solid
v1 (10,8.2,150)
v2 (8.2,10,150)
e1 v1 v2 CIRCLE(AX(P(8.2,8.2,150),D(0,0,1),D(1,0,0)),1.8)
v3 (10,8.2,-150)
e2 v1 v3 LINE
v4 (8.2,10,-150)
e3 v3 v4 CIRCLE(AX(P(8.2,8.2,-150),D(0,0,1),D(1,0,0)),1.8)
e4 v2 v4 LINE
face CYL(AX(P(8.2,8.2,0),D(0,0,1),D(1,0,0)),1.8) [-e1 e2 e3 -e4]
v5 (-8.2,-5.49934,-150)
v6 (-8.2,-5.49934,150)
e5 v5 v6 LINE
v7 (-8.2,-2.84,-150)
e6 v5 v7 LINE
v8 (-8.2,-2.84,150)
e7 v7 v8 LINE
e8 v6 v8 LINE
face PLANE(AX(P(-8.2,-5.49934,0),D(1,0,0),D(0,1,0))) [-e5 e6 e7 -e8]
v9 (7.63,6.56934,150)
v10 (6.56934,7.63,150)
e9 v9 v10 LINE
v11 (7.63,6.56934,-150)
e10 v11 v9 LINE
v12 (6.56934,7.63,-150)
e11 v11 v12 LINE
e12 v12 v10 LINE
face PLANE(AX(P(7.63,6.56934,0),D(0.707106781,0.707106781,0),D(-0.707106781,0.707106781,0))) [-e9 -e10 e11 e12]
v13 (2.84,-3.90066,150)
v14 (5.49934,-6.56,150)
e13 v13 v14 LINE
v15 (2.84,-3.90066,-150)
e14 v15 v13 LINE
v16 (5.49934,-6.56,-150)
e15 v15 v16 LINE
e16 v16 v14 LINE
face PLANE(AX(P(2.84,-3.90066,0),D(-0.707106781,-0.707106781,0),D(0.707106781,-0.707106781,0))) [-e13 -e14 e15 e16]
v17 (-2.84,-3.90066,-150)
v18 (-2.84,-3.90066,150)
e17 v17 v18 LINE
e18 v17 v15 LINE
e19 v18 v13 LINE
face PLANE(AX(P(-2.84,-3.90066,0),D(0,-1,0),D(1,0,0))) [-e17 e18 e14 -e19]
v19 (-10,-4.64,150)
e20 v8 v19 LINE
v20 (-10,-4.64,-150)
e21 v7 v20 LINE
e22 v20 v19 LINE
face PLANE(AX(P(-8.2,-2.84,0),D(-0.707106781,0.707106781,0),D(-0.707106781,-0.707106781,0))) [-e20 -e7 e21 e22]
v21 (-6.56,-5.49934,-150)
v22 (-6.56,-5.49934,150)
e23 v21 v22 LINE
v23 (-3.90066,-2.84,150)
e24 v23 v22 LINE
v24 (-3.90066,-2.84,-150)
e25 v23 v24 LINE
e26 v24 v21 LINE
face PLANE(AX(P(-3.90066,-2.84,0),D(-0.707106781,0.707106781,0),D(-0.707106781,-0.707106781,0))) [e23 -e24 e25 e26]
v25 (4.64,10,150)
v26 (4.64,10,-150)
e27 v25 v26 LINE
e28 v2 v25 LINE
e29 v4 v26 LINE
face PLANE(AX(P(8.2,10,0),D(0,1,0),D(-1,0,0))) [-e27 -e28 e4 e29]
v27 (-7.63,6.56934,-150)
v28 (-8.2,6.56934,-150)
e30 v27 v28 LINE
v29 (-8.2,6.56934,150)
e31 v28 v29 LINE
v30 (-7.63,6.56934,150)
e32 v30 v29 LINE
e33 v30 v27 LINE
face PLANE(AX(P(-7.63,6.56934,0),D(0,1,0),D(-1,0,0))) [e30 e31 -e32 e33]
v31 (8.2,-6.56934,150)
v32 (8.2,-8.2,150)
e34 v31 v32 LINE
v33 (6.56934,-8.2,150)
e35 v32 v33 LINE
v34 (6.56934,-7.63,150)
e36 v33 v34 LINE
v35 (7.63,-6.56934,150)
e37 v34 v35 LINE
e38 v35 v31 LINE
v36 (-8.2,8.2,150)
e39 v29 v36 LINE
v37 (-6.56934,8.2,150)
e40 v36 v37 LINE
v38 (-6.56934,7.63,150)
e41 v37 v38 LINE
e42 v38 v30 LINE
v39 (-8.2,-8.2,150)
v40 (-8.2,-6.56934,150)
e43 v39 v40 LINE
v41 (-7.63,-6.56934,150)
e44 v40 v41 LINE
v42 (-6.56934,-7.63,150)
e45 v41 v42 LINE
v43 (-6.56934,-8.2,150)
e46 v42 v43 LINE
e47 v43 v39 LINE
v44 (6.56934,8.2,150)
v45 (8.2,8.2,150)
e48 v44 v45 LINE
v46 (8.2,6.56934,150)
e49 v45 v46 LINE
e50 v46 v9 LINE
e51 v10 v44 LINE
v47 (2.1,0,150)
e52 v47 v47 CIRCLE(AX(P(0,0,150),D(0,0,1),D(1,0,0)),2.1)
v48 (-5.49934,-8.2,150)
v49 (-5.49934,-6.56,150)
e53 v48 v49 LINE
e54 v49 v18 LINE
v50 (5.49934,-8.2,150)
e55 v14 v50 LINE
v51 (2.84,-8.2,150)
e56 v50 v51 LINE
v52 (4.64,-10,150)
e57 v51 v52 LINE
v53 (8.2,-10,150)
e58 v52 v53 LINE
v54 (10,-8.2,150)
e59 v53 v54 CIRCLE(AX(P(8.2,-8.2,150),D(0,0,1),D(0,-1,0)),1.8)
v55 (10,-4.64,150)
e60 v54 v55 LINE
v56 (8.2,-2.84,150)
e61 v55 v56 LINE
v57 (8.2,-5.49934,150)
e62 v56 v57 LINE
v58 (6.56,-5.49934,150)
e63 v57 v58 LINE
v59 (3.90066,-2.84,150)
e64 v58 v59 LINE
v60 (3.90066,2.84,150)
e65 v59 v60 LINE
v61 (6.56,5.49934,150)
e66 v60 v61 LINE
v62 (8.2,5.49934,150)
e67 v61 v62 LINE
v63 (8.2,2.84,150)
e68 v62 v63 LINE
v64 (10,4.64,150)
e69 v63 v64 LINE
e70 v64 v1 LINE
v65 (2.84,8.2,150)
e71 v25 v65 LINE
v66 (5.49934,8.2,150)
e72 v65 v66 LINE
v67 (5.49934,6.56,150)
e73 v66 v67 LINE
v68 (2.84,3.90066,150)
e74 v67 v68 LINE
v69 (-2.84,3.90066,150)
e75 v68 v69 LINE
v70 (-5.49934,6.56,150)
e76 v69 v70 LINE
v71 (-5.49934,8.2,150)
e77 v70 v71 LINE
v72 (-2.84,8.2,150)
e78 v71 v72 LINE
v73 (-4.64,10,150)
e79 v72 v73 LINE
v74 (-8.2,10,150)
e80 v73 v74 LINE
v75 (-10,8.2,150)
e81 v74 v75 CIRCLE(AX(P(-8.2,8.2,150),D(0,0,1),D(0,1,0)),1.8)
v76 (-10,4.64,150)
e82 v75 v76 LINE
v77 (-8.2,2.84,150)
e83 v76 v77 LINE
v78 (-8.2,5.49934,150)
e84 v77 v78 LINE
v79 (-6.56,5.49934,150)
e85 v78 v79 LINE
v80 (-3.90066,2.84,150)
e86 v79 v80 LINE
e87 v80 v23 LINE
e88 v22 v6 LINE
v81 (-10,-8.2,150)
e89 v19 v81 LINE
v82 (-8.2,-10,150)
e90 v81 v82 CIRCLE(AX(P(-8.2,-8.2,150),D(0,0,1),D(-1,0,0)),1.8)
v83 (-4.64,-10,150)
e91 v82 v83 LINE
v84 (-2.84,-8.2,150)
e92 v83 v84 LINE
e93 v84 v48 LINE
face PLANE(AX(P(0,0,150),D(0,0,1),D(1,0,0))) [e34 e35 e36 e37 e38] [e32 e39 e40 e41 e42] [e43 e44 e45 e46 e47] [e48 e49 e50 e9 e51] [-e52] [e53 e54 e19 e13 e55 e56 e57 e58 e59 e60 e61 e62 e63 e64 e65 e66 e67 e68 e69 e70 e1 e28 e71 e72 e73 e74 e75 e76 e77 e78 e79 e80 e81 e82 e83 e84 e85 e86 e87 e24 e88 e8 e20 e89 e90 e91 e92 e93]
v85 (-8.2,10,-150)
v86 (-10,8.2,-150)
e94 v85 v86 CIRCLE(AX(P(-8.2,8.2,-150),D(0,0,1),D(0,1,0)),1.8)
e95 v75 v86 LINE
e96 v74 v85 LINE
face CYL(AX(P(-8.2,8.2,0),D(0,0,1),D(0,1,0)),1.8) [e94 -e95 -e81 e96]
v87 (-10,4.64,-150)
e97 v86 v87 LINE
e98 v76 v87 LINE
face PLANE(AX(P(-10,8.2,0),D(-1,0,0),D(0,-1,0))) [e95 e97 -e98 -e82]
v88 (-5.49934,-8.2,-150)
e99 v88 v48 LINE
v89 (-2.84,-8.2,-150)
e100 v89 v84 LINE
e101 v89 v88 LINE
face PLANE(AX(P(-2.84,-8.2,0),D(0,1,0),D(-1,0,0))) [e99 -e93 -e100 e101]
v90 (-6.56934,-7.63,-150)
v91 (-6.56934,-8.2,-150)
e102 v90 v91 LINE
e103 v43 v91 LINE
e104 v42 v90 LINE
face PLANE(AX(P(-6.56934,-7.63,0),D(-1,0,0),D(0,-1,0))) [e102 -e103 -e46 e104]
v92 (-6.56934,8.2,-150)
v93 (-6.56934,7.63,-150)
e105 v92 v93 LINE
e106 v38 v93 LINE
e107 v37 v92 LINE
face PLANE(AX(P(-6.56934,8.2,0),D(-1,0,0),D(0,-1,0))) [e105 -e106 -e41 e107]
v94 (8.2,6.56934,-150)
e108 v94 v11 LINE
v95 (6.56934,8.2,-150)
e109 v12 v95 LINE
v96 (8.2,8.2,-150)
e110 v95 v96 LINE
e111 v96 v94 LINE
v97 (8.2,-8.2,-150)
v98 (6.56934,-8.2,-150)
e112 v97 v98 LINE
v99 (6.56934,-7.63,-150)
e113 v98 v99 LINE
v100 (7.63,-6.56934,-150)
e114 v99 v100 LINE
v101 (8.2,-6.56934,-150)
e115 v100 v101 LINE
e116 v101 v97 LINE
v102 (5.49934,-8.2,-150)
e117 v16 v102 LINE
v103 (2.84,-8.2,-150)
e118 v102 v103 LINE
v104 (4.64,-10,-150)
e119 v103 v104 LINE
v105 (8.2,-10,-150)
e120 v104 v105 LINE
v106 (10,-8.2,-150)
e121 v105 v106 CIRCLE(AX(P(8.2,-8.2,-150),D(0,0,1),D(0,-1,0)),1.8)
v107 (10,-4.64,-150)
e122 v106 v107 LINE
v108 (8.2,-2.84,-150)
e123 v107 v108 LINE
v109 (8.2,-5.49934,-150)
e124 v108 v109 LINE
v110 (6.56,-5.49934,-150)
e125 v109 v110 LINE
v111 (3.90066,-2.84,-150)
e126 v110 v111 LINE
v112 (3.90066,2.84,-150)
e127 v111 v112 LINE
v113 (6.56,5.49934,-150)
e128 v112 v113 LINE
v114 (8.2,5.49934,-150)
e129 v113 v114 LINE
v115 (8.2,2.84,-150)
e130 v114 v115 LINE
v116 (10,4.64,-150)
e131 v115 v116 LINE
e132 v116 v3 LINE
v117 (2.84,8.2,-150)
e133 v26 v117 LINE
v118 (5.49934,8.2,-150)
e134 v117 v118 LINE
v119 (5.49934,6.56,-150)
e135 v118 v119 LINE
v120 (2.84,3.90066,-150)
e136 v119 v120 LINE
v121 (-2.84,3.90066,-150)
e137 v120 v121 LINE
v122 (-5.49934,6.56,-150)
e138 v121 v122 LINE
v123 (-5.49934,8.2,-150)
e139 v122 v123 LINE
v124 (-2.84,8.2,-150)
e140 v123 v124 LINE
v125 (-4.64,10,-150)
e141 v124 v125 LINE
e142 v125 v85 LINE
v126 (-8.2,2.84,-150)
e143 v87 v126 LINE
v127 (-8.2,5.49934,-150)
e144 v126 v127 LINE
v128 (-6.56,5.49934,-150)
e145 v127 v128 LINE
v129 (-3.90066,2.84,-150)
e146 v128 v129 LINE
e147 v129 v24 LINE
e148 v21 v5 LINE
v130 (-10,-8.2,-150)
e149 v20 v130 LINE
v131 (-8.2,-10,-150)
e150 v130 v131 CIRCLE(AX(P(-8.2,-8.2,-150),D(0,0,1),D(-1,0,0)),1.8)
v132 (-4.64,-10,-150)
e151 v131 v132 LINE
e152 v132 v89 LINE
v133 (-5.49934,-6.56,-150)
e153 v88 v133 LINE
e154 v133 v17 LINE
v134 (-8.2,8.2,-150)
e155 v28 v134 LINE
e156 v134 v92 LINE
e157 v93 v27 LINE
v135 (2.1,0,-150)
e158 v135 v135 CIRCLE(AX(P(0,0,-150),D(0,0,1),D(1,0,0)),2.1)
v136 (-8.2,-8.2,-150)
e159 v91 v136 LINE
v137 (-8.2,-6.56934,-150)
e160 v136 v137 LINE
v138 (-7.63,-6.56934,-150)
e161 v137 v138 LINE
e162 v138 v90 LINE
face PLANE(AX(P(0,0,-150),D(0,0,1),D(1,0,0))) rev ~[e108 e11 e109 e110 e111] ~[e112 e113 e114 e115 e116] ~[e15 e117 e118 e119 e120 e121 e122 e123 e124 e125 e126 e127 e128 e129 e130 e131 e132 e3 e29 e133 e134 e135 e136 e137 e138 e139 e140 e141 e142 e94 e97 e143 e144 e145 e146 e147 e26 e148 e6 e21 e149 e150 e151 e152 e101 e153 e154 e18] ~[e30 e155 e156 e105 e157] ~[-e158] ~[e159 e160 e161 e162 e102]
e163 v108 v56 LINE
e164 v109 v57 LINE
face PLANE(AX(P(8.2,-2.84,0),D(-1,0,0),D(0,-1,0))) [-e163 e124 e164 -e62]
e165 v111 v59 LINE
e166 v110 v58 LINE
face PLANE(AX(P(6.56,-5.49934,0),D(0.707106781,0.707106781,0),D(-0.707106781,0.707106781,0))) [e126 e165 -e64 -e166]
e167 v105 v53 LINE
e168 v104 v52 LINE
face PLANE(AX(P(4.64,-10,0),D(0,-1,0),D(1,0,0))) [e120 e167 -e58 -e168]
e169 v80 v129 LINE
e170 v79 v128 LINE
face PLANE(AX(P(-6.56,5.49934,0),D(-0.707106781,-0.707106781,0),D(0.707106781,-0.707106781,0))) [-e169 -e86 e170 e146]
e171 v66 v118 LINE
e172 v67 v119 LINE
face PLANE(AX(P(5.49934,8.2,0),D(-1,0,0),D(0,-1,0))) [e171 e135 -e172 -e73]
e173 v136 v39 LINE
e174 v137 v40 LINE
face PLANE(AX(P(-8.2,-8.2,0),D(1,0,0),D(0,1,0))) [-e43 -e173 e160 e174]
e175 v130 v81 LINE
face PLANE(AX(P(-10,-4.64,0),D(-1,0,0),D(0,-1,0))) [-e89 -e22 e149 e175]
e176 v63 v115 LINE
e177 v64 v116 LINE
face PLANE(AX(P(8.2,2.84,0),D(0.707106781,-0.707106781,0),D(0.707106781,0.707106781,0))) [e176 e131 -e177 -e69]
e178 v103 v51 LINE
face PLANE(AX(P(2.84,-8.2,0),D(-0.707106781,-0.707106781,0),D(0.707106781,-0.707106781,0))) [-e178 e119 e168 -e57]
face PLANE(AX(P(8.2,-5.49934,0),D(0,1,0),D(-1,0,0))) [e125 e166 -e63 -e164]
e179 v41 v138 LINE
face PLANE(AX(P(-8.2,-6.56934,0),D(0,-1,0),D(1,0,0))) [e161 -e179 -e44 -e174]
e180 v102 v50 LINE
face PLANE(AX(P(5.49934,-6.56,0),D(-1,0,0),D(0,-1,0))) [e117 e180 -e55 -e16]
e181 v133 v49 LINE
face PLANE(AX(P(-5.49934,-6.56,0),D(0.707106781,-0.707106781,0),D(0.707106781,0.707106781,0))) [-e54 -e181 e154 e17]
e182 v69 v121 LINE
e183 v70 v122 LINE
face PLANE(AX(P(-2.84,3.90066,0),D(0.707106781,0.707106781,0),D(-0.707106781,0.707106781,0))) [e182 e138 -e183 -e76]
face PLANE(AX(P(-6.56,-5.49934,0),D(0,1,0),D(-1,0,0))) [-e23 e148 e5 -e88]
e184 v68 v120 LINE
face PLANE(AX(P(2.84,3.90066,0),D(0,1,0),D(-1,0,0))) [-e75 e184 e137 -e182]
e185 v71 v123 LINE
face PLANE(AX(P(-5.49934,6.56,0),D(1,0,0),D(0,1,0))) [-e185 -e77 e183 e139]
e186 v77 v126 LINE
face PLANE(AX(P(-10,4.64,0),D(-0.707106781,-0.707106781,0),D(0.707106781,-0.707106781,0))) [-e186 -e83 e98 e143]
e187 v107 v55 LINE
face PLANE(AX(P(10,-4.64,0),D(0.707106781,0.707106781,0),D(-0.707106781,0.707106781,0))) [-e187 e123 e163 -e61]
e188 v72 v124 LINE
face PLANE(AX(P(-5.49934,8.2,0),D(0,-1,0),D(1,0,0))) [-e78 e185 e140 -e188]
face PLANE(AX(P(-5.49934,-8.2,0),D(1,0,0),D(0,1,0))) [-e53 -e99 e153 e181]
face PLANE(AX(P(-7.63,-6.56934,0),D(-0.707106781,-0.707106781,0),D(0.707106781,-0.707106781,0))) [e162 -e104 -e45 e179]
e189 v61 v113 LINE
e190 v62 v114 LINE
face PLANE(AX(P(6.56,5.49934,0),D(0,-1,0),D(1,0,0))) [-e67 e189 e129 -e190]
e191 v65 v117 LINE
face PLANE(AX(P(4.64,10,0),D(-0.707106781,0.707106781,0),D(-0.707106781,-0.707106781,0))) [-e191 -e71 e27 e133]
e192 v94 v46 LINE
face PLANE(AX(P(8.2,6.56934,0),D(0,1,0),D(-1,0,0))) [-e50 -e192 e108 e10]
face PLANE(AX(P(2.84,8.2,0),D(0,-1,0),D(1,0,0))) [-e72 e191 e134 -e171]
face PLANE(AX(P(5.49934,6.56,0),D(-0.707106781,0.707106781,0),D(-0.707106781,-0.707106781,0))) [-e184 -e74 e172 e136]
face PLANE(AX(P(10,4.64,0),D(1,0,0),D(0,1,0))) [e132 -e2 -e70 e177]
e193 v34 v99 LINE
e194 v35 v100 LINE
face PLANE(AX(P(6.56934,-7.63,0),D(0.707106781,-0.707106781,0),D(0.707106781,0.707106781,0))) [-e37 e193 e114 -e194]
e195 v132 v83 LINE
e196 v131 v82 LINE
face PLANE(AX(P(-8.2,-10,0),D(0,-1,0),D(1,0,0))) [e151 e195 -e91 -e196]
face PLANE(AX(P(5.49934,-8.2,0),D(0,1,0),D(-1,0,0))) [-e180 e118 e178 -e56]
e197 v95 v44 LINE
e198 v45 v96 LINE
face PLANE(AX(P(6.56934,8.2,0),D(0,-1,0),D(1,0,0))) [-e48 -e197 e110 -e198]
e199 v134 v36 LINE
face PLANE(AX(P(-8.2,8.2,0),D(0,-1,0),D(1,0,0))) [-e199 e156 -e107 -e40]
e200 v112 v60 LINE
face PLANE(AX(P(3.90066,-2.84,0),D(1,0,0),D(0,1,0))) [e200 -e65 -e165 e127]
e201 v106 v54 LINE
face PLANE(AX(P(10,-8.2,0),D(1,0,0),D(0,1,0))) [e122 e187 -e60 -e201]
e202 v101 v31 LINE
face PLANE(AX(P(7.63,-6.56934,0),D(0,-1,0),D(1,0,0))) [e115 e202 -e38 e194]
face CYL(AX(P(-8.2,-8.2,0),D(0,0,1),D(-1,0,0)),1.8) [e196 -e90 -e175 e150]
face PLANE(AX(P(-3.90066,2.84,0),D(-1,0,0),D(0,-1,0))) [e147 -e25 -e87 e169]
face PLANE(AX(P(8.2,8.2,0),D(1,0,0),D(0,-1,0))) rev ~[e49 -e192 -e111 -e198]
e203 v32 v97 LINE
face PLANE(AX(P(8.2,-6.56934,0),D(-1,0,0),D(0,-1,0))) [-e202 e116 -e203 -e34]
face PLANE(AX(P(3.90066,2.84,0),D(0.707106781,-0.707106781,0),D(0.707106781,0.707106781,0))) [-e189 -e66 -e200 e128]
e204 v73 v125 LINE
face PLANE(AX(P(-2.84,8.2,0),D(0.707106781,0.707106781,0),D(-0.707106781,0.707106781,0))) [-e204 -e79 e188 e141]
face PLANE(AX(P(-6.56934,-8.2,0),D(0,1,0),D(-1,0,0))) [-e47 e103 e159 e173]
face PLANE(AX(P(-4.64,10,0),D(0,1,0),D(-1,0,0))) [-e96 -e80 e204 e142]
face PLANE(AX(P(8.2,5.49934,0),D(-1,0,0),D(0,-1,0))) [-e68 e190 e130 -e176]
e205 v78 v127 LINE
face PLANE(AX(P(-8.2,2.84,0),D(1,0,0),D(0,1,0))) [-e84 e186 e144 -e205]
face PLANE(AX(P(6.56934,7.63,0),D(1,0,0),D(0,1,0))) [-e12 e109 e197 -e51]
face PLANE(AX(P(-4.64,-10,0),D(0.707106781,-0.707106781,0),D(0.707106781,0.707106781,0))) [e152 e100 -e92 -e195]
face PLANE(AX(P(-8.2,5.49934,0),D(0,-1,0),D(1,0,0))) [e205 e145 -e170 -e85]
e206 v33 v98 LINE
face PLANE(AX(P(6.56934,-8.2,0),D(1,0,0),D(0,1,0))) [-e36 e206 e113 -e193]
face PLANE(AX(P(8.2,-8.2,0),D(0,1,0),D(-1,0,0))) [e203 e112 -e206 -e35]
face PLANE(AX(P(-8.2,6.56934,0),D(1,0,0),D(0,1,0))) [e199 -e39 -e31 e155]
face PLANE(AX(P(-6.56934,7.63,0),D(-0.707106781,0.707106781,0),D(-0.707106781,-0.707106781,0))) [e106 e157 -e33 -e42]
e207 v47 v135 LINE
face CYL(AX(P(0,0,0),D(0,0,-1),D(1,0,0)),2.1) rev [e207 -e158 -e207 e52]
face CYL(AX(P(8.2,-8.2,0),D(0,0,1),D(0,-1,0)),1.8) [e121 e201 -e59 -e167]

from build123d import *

# Parameters (mm, degrees)
ESQUISSE1_R        = 2.1
BOSS_EXTRU_2_DEPTH = 150


with BuildPart() as part:
    # Esquisse1 → Boss.-Extru.2 (new, symmetric)
    with BuildSketch(Plane.XY):
        with BuildLine():
            Line((-3.900660172, 0), (-3.900660172, -2.84))
            Line((-3.900660172, -2.84), (-6.56, -5.499339828))
            Line((-6.56, -5.499339828), (-8.2, -5.499339828))
            Line((-8.2, -5.499339828), (-8.2, -2.84))
            Line((-8.2, -2.84), (-10, -4.64))
            Line((-10, -4.64), (-10, -8.2))
            ThreePointArc((-10, -8.2), (-9.472792206, -9.472792206), (-8.2, -10))
            Line((-8.2, -10), (-4.64, -10))
            Line((-4.64, -10), (-2.84, -8.2))
            Line((-2.84, -8.2), (-5.499339828, -8.2))
            Line((-5.499339828, -8.2), (-5.499339828, -6.56))
            Line((-5.499339828, -6.56), (-2.84, -3.900660172))
            Line((-2.84, -3.900660172), (0, -3.900660172))
            Line((0, -3.900660172), (2.84, -3.900660172))
            Line((2.84, -3.900660172), (5.499339828, -6.56))
            Line((5.499339828, -6.56), (5.499339828, -8.2))
            Line((5.499339828, -8.2), (2.84, -8.2))
            Line((2.84, -8.2), (4.64, -10))
            Line((4.64, -10), (8.2, -10))
            ThreePointArc((8.2, -10), (9.472792206, -9.472792206), (10, -8.2))
            Line((10, -8.2), (10, -4.64))
            Line((10, -4.64), (8.2, -2.84))
            Line((8.2, -2.84), (8.2, -5.499339828))
            Line((8.2, -5.499339828), (6.56, -5.499339828))
            Line((6.56, -5.499339828), (3.900660172, -2.84))
            Line((3.900660172, -2.84), (3.900660172, 0))
            Line((3.900660172, 0), (3.900660172, 2.84))
            Line((3.900660172, 2.84), (6.56, 5.499339828))
            Line((6.56, 5.499339828), (8.2, 5.499339828))
            Line((8.2, 5.499339828), (8.2, 2.84))
            Line((8.2, 2.84), (10, 4.64))
            Line((10, 4.64), (10, 8.2))
            ThreePointArc((10, 8.2), (9.472792206, 9.472792206), (8.2, 10))
            Line((8.2, 10), (4.64, 10))
            Line((4.64, 10), (2.84, 8.2))
            Line((2.84, 8.2), (5.499339828, 8.2))
            Line((5.499339828, 8.2), (5.499339828, 6.56))
            Line((5.499339828, 6.56), (2.84, 3.900660172))
            Line((2.84, 3.900660172), (0, 3.900660172))
            Line((0, 3.900660172), (-2.84, 3.900660172))
            Line((-2.84, 3.900660172), (-5.499339828, 6.56))
            Line((-5.499339828, 6.56), (-5.499339828, 8.2))
            Line((-5.499339828, 8.2), (-2.84, 8.2))
            Line((-2.84, 8.2), (-4.64, 10))
            Line((-4.64, 10), (-8.2, 10))
            ThreePointArc((-8.2, 10), (-9.472792206, 9.472792206), (-10, 8.2))
            Line((-10, 8.2), (-10, 4.64))
            Line((-10, 4.64), (-8.2, 2.84))
            Line((-8.2, 2.84), (-8.2, 5.499339828))
            Line((-8.2, 5.499339828), (-6.56, 5.499339828))
            Line((-6.56, 5.499339828), (-3.900660172, 2.84))
            Line((-3.900660172, 2.84), (-3.900660172, 0))
        make_face()
        Circle(ESQUISSE1_R, mode=Mode.SUBTRACT)
        Polygon((-8.2, -8.2), (-8.2, -6.569339828), (-7.63, -6.569339828), (-6.569339828, -7.63), (-6.569339828, -8.2), align=None, mode=Mode.SUBTRACT)
        Polygon((-8.2, 6.569339828), (-8.2, 8.2), (-6.569339828, 8.2), (-6.569339828, 7.63), (-7.63, 6.569339828), align=None, mode=Mode.SUBTRACT)
        Polygon((6.569339828, 8.2), (8.2, 8.2), (8.2, 6.569339828), (7.63, 6.569339828), (6.569339828, 7.63), align=None, mode=Mode.SUBTRACT)
        Polygon((8.2, -6.569339828), (8.2, -8.2), (6.569339828, -8.2), (6.569339828, -7.63), (7.63, -6.569339828), align=None, mode=Mode.SUBTRACT)
    extrude(amount=BOSS_EXTRU_2_DEPTH, both=True)


solid = part.part
